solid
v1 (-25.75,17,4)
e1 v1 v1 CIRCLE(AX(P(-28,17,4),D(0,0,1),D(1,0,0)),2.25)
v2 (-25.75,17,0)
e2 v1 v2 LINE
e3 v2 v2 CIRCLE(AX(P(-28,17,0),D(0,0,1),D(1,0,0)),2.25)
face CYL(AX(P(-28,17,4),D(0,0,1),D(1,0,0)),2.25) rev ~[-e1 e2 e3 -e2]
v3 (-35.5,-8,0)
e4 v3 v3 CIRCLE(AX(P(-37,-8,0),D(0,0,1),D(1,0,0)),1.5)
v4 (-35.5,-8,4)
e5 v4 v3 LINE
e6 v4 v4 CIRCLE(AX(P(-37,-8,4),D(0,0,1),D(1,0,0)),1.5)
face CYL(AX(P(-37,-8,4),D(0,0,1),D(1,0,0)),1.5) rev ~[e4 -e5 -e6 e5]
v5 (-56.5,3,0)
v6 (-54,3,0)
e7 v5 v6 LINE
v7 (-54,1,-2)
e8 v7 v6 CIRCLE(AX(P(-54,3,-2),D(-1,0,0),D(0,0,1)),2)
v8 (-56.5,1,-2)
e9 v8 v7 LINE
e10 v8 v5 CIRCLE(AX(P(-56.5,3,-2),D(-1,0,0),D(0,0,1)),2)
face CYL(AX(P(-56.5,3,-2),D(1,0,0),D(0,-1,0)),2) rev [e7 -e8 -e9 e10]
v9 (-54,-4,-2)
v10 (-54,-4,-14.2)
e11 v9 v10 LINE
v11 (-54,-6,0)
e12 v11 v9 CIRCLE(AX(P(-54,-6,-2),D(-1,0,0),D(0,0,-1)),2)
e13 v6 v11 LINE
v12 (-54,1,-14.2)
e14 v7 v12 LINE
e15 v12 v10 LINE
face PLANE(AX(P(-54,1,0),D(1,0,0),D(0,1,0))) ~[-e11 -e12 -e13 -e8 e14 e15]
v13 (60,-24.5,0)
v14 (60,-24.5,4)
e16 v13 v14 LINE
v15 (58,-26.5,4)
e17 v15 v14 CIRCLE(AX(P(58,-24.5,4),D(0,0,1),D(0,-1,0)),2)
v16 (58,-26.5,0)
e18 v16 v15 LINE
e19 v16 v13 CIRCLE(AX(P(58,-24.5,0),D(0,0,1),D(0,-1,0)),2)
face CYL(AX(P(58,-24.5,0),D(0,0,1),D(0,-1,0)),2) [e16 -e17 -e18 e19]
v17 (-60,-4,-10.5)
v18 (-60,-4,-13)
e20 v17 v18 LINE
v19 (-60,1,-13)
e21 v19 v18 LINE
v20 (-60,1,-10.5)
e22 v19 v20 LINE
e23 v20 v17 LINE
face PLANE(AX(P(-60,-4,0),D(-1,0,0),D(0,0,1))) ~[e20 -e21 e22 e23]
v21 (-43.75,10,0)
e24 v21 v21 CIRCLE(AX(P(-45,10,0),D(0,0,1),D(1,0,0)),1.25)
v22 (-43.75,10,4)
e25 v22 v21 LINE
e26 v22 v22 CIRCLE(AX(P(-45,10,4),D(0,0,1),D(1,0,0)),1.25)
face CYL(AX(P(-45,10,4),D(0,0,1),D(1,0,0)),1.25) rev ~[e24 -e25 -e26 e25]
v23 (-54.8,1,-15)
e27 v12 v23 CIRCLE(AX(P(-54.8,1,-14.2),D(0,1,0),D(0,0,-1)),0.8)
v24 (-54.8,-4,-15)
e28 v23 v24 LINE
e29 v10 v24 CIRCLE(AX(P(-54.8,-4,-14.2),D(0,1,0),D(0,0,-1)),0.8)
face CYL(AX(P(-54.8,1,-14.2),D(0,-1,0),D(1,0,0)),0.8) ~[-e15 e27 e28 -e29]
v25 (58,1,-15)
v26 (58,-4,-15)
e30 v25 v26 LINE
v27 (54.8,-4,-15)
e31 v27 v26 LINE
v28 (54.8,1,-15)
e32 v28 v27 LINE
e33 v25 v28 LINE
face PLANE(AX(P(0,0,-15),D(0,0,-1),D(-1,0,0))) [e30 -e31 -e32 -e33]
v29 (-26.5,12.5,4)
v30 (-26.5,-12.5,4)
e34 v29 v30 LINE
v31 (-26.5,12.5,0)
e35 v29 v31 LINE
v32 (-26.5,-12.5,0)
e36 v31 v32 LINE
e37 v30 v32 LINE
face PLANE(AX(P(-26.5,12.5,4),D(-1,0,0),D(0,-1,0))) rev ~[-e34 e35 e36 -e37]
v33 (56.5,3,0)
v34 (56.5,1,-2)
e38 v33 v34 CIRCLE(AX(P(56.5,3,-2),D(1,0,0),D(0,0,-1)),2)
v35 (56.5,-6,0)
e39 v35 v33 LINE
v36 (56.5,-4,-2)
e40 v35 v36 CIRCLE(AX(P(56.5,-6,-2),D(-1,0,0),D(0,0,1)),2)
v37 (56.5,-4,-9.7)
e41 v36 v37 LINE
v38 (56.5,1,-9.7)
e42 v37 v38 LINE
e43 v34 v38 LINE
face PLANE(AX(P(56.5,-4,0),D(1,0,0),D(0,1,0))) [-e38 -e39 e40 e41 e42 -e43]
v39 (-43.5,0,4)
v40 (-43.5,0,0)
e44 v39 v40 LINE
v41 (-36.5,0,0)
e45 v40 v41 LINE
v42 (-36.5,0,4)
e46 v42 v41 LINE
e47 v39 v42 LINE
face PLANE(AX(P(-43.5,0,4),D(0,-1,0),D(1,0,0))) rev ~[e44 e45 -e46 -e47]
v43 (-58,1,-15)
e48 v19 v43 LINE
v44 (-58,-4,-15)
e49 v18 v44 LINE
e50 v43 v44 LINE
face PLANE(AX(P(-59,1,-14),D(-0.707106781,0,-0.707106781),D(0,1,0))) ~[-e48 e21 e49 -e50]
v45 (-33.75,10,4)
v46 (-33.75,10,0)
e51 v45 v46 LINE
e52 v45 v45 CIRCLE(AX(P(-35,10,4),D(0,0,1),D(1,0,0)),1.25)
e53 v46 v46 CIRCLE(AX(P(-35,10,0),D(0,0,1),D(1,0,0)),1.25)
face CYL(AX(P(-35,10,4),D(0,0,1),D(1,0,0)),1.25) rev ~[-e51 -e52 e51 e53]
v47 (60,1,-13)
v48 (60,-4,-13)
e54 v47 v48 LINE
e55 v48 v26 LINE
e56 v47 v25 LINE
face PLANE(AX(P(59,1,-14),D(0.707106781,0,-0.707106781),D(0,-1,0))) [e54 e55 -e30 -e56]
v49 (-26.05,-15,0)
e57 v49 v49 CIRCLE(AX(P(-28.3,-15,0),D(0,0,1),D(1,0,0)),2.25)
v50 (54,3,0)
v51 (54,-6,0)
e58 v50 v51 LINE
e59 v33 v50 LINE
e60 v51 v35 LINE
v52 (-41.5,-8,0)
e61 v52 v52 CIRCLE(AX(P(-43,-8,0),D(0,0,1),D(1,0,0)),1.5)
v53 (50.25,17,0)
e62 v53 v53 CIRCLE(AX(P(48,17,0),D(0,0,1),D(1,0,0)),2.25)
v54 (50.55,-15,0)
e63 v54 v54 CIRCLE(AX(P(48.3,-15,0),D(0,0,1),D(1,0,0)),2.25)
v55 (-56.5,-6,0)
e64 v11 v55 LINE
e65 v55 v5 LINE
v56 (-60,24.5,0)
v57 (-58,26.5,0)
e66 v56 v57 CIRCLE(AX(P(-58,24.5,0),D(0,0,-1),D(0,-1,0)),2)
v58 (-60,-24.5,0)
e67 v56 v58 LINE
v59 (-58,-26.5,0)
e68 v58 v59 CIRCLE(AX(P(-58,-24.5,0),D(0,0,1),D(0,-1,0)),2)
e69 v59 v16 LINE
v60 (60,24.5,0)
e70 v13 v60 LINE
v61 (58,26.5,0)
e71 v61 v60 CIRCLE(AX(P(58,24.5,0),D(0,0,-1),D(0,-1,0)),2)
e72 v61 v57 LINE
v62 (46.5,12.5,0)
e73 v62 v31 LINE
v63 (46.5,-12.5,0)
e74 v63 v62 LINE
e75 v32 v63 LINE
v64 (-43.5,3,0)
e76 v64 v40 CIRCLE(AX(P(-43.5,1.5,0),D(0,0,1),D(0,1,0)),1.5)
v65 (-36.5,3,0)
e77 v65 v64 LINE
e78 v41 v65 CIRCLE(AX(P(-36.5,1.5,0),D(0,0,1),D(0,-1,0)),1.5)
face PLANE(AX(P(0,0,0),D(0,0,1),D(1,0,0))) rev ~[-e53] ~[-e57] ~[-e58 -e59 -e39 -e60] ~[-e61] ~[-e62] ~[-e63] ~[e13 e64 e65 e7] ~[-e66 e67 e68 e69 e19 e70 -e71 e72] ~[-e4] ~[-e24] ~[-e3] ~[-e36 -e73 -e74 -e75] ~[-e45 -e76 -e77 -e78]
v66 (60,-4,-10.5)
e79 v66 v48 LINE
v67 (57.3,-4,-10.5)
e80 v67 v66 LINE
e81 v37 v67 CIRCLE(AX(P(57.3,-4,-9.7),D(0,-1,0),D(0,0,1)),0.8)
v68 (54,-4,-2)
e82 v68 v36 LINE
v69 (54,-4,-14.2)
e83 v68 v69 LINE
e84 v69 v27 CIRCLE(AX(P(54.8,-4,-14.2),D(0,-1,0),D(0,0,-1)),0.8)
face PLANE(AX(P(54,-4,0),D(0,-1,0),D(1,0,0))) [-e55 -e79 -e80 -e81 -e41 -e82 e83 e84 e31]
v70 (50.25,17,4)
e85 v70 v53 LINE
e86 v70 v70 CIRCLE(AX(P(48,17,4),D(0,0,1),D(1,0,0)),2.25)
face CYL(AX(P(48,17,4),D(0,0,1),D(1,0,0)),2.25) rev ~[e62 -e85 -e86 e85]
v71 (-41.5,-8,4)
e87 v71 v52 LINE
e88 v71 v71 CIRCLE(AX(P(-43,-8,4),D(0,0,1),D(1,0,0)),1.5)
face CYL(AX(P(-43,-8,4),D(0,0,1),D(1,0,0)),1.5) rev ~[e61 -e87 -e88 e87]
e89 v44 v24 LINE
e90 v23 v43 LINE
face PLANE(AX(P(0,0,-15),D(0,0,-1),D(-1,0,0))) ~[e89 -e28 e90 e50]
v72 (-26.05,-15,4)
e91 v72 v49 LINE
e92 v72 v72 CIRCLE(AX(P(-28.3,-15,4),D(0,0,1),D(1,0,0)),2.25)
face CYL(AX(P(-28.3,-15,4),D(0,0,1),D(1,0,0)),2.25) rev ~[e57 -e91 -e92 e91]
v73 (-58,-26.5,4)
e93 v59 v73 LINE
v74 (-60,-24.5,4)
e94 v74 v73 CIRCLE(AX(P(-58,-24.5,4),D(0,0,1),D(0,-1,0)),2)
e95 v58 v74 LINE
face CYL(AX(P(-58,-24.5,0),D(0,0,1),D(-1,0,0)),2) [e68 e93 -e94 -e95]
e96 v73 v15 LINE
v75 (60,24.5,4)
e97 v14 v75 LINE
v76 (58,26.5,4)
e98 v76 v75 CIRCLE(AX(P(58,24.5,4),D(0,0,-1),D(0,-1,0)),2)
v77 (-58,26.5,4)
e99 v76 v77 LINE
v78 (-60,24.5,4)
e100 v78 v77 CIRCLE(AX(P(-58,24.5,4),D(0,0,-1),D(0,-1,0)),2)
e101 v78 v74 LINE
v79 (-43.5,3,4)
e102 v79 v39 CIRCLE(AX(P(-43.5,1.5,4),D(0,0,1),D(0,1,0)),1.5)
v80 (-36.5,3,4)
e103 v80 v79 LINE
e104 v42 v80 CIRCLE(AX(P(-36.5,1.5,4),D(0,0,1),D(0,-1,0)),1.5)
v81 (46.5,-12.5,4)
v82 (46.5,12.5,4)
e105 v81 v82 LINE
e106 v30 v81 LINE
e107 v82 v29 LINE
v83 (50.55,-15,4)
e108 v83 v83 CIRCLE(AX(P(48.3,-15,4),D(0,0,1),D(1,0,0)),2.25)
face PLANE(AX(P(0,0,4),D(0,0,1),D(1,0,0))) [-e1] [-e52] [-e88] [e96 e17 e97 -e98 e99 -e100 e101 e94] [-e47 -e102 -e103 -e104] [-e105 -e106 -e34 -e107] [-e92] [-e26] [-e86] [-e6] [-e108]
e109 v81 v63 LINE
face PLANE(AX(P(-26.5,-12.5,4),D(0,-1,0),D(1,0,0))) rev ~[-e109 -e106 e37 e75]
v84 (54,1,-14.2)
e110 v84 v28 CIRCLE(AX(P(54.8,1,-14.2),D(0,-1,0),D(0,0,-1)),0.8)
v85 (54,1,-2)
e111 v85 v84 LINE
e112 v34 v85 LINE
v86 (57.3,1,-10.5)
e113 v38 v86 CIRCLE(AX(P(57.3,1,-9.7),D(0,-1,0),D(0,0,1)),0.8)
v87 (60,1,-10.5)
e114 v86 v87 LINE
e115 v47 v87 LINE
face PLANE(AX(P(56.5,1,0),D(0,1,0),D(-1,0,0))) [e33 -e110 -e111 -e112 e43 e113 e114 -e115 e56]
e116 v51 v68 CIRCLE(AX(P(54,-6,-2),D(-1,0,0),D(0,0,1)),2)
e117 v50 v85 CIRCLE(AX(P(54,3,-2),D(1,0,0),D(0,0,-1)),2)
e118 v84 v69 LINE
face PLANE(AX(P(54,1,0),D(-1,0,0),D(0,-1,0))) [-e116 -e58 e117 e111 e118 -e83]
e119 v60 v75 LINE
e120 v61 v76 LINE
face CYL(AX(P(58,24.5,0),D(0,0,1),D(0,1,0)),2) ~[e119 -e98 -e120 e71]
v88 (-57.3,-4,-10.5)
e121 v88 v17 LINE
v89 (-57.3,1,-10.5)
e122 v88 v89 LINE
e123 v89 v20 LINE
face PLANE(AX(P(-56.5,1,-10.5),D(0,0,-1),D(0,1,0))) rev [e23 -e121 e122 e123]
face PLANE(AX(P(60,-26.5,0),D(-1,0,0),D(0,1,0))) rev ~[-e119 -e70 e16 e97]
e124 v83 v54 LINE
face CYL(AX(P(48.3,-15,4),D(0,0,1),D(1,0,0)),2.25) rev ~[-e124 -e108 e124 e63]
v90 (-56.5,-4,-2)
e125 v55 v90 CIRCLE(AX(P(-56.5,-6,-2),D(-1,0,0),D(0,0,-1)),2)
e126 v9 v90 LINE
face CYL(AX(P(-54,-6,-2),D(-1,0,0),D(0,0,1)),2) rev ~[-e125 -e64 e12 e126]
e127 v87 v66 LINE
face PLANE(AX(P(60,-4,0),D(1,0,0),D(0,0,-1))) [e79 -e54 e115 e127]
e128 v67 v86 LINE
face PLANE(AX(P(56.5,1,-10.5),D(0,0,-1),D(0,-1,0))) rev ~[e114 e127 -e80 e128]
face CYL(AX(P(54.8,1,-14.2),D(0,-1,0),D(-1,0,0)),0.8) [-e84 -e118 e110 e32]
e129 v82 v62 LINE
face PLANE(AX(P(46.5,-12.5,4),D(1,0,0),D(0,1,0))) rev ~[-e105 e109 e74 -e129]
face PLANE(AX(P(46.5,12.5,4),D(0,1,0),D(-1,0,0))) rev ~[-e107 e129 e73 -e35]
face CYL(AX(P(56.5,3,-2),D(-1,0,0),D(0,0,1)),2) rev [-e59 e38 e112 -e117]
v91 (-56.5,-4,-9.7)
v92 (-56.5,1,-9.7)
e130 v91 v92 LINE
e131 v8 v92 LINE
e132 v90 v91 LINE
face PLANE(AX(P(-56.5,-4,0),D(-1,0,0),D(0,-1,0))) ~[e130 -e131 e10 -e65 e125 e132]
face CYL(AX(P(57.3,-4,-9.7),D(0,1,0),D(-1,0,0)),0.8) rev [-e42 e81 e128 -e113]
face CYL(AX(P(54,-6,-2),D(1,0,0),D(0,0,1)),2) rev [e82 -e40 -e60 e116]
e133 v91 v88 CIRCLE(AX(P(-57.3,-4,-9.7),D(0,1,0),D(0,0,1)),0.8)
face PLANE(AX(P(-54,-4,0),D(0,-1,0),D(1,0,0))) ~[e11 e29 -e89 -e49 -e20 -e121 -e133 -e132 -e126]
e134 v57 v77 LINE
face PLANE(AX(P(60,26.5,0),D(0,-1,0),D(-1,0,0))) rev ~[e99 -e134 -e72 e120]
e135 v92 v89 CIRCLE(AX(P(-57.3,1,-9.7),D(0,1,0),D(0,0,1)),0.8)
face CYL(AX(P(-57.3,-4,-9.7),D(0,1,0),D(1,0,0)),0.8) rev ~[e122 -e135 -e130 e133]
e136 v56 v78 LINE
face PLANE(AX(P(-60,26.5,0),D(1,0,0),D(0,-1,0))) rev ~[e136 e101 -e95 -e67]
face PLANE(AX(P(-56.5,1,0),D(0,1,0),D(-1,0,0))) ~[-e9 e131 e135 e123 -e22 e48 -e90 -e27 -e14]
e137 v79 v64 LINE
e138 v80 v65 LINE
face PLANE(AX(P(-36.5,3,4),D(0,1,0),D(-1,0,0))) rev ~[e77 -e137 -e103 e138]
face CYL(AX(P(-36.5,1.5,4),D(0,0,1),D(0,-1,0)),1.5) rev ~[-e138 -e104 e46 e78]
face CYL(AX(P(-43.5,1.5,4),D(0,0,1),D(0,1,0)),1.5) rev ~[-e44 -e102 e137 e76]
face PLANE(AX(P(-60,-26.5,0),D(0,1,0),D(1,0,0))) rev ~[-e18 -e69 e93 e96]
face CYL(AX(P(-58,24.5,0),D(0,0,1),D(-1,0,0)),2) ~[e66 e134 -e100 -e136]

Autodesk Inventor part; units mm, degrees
ref_plane "YZ Plane" through (0, 0, 0) normal (1, 0, 0) x (0, 1, 0)
ref_plane "XZ Plane" through (0, 0, 0) normal (0, 1, 0) x (-1, 0, 0)
ref_plane "XY Plane" through (0, 0, 0) normal (0, 0, 1) x (1, 0, 0)
sketch "Skizze1" plane through (0, 0, 0) normal (0, 0, 1) x (1, 0, 0)
  line L0 (-60, -26.5) -> (60, -26.5)
  line L1 (60, -26.5) -> (60, 26.5)
  line L2 (60, 26.5) -> (-60, 26.5)
  line L3 (-60, 26.5) -> (-60, -26.5)
  line L4 (-60, -26.5) -> (60, 26.5) construction
  line L5 (60, -26.5) -> (-60, 26.5) construction
  point P0 (0, 0)
  dimension "d0" = 53
  dimension "d1" = 120
extrude "Extrusion1" add sketch "Skizze1" along normal blind 4
sketch "Skizze2" plane through (0, 0, 0) normal (0, 0, -1) x (-1, 0, 0)
  line L0 (-60, -23.5) -> (-60, -26.5) construction
  line L1 (-54, -4) -> (-56.5, -4)
  line L2 (-56.5, -4) -> (-56.5, 1)
  line L3 (-56.5, 1) -> (-54, 1)
  line L4 (-54, 1) -> (-54, -4)
  line L5 (-54, -4) -> (-56.5, 1) construction
  line L6 (-56.5, -4) -> (-54, 1) construction
  line L7 (54, -1) -> (56.5, -1)
  line L8 (56.5, -1) -> (56.5, 4)
  line L9 (56.5, 4) -> (54, 4)
  line L10 (54, 4) -> (54, -1)
  line L11 (54, -1) -> (56.5, 4) construction
  line L12 (56.5, -1) -> (54, 4) construction
  line L13 (60, -26.5) -> (-60, -26.5) projected
  point P0 (0, 0)
  point P1 (-55.25, -1.5)
  point P2 (-55.25, -1.5)
  dimension "d5" = 2.5
  dimension "d6" = 5
  dimension "d68" = 25
extrude "Extrusion2" add sketch "Skizze2" along normal blind 15 contours L1 L2 L3 L4
sketch "Skizze6" plane through (56.5, -4, 0) normal (1, 0, 0) x (0, 0, -1)
  line L0 (15, 5) -> (15, 0) projected
  line L1 (15, 2.5) -> (0, 2.5)
  line L2 (0, -22.5) -> (0, 30.5) projected
  line L3 (10.5, 0) -> (15, 0)
  line L4 (15, 0) -> (15, 5)
  line L5 (15, 5) -> (10.5, 5)
  line L6 (10.5, 5) -> (10.5, 0)
  line L7 (10.5, 0) -> (15, 5) construction
  line L8 (15, 0) -> (10.5, 5) construction
  point P0 (0, 4)
  point P1 (12.75, 2.5)
  point P2 (15, 0)
  dimension "d19" = 4.5
  dimension "d20" = 5
extrude "Extrusion5" add sketch "Skizze6" along normal blind 3.5
mirror "Spiegeln2" about plane through (0, 0, 0) normal (1, 0, 0) of "Extrusion2", "Extrusion5"
sketch "Skizze7" plane through (0, 0, 4) normal (0, 0, 1) x (1, 0, 0)
  line L0 (-26.5, -12.5) -> (46.5, -12.5)
  line L1 (46.5, -12.5) -> (46.5, 12.5)
  line L2 (46.5, 12.5) -> (-26.5, 12.5)
  line L3 (-26.5, 12.5) -> (-26.5, -12.5)
  line L4 (-26.5, -12.5) -> (46.5, 12.5) construction
  line L5 (46.5, -12.5) -> (-26.5, 12.5) construction
  point P0 (0, 0)
  point P1 (10, 0)
  dimension "d23" = 10
  dimension "d24" = 73
  dimension "d25" = 25
extrude "Extrusion6" cut sketch "Skizze7" against normal through all
sketch "Skizze8" plane through (0, 0, 4) normal (0, 0, 1) x (1, 0, 0)
  line L0 (-60, 26.5) -> (-60, -26.5) projected
  line L1 (-60, 0) -> (60, 0)
  line L2 (60, -26.5) -> (60, 26.5) projected
  line L3 (-56, 10) -> (-26.5, 10) construction
  line L4 (-26.5, -12.5) -> (-26.5, 12.5) construction
  circle A0 centre (-45, 10) radius 1.25
  line L5 (-40, 10) -> (-40, 12.8313) construction
  circle A1 centre (-35, 10) radius 1.25
  line L6 (-40, 10) -> (-40, 0) construction
  line L7 (-43.5, 1.5) -> (-36.5, 1.5) construction
  line L8 (-43.5, 0) -> (-36.5, 0)
  line L9 (-36.5, 3) -> (-43.5, 3)
  arc A2 (-43.5, 3) -> (-43.5, 0) centre (-43.5, 1.5) ccw
  arc A3 (-36.5, 0) -> (-36.5, 3) centre (-36.5, 1.5) ccw
  point P0 (0, 0)
  point P1 (-26.5, 0)
  point P2 (-40, 1.5)
  dimension "d28" = 10
  dimension "d29" = 2.5
  dimension "d30" = 10
  dimension "d31" = 7
  dimension "d55" = 13.5
  dimension "d69" = 3
extrude "Extrusion7" cut sketch "Skizze8" against normal blind 10
sketch "Skizze9" plane through (0, 0, 4) normal (0, 0, 1) x (1, 0, 0)
  circle A0 centre (-28, 17) radius 2.25
  line L0 (-26.5, 12.5) -> (46.5, 12.5) projected
  line L1 (46.5, 12.5) -> (-26.5, 12.5) projected
  line L2 (10, 12.5) -> (10, -12.5)
  line L3 (-25.5, 0) -> (45.5, 0)
  circle A1 centre (48, 17) radius 2.25
  circle A2 centre (-28.3, -15) radius 2.25
  line L4 (46.5, -12.5) -> (-26.5, -12.5) projected
  line L5 (-26.5, -12.5) -> (-26.5, 12.5) projected
  circle A3 centre (48.3, -15) radius 2.25
  point P0 (0, 0)
  dimension "d35" = 4.5
  dimension "d37" = 4.5
  dimension "d40" = 2.5
  dimension "d41" = 1.8
  dimension "d42" = 4.5
  dimension "d53" = 1.5
extrude "Extrusion8" cut sketch "Skizze9" against normal blind 10 contours A0 | A1 | A2 | A3
fillet "Rundung1" radius 2 4 edges at (-60, 26.5, 2) (60, 26.5, 2) (-60, -26.5, 2) (60, -26.5, 2)
fillet "Rundung4" radius 0.8 4 edges at (56.5, -1.5, -10.5) (54, -1.5, -15) (-54, -1.5, -15) (-56.5, -1.5, -10.5)
fillet "Rundung5" radius 2 4 edges at (55.25, 1, 0) (55.25, -4, 0) (-55.25, 1, 0) (-55.25, -4, 0)
chamfer "Fase4" distance 2 angle 45 2 edges at (60, -1.5, -15) (-60, -1.5, -15)
sketch "Skizze11" plane through (0, 0, 4) normal (0, 0, 1) x (1, 0, 0)
  line L0 (-36.5, 0) -> (-43.5, 0) construction
  line L1 (-40, 0) -> (-40, -26.5) construction
  line L2 (-58, -26.5) -> (58, -26.5) construction
  circle A0 centre (-43, -8) radius 1.5
  circle A1 centre (-37, -8) radius 1.5
  line L3 (-43, -8) -> (-40, -8) construction
  line L4 (-37, -8) -> (-40, -8) construction
  point P0 (0, 0)
  dimension "d70" = 3
  dimension "d71" = 3
  dimension "d72" = 3
  dimension "d73" = 8
extrude "Extrusion10" cut sketch "Skizze11" against normal blind 10
properties part number "Front"
